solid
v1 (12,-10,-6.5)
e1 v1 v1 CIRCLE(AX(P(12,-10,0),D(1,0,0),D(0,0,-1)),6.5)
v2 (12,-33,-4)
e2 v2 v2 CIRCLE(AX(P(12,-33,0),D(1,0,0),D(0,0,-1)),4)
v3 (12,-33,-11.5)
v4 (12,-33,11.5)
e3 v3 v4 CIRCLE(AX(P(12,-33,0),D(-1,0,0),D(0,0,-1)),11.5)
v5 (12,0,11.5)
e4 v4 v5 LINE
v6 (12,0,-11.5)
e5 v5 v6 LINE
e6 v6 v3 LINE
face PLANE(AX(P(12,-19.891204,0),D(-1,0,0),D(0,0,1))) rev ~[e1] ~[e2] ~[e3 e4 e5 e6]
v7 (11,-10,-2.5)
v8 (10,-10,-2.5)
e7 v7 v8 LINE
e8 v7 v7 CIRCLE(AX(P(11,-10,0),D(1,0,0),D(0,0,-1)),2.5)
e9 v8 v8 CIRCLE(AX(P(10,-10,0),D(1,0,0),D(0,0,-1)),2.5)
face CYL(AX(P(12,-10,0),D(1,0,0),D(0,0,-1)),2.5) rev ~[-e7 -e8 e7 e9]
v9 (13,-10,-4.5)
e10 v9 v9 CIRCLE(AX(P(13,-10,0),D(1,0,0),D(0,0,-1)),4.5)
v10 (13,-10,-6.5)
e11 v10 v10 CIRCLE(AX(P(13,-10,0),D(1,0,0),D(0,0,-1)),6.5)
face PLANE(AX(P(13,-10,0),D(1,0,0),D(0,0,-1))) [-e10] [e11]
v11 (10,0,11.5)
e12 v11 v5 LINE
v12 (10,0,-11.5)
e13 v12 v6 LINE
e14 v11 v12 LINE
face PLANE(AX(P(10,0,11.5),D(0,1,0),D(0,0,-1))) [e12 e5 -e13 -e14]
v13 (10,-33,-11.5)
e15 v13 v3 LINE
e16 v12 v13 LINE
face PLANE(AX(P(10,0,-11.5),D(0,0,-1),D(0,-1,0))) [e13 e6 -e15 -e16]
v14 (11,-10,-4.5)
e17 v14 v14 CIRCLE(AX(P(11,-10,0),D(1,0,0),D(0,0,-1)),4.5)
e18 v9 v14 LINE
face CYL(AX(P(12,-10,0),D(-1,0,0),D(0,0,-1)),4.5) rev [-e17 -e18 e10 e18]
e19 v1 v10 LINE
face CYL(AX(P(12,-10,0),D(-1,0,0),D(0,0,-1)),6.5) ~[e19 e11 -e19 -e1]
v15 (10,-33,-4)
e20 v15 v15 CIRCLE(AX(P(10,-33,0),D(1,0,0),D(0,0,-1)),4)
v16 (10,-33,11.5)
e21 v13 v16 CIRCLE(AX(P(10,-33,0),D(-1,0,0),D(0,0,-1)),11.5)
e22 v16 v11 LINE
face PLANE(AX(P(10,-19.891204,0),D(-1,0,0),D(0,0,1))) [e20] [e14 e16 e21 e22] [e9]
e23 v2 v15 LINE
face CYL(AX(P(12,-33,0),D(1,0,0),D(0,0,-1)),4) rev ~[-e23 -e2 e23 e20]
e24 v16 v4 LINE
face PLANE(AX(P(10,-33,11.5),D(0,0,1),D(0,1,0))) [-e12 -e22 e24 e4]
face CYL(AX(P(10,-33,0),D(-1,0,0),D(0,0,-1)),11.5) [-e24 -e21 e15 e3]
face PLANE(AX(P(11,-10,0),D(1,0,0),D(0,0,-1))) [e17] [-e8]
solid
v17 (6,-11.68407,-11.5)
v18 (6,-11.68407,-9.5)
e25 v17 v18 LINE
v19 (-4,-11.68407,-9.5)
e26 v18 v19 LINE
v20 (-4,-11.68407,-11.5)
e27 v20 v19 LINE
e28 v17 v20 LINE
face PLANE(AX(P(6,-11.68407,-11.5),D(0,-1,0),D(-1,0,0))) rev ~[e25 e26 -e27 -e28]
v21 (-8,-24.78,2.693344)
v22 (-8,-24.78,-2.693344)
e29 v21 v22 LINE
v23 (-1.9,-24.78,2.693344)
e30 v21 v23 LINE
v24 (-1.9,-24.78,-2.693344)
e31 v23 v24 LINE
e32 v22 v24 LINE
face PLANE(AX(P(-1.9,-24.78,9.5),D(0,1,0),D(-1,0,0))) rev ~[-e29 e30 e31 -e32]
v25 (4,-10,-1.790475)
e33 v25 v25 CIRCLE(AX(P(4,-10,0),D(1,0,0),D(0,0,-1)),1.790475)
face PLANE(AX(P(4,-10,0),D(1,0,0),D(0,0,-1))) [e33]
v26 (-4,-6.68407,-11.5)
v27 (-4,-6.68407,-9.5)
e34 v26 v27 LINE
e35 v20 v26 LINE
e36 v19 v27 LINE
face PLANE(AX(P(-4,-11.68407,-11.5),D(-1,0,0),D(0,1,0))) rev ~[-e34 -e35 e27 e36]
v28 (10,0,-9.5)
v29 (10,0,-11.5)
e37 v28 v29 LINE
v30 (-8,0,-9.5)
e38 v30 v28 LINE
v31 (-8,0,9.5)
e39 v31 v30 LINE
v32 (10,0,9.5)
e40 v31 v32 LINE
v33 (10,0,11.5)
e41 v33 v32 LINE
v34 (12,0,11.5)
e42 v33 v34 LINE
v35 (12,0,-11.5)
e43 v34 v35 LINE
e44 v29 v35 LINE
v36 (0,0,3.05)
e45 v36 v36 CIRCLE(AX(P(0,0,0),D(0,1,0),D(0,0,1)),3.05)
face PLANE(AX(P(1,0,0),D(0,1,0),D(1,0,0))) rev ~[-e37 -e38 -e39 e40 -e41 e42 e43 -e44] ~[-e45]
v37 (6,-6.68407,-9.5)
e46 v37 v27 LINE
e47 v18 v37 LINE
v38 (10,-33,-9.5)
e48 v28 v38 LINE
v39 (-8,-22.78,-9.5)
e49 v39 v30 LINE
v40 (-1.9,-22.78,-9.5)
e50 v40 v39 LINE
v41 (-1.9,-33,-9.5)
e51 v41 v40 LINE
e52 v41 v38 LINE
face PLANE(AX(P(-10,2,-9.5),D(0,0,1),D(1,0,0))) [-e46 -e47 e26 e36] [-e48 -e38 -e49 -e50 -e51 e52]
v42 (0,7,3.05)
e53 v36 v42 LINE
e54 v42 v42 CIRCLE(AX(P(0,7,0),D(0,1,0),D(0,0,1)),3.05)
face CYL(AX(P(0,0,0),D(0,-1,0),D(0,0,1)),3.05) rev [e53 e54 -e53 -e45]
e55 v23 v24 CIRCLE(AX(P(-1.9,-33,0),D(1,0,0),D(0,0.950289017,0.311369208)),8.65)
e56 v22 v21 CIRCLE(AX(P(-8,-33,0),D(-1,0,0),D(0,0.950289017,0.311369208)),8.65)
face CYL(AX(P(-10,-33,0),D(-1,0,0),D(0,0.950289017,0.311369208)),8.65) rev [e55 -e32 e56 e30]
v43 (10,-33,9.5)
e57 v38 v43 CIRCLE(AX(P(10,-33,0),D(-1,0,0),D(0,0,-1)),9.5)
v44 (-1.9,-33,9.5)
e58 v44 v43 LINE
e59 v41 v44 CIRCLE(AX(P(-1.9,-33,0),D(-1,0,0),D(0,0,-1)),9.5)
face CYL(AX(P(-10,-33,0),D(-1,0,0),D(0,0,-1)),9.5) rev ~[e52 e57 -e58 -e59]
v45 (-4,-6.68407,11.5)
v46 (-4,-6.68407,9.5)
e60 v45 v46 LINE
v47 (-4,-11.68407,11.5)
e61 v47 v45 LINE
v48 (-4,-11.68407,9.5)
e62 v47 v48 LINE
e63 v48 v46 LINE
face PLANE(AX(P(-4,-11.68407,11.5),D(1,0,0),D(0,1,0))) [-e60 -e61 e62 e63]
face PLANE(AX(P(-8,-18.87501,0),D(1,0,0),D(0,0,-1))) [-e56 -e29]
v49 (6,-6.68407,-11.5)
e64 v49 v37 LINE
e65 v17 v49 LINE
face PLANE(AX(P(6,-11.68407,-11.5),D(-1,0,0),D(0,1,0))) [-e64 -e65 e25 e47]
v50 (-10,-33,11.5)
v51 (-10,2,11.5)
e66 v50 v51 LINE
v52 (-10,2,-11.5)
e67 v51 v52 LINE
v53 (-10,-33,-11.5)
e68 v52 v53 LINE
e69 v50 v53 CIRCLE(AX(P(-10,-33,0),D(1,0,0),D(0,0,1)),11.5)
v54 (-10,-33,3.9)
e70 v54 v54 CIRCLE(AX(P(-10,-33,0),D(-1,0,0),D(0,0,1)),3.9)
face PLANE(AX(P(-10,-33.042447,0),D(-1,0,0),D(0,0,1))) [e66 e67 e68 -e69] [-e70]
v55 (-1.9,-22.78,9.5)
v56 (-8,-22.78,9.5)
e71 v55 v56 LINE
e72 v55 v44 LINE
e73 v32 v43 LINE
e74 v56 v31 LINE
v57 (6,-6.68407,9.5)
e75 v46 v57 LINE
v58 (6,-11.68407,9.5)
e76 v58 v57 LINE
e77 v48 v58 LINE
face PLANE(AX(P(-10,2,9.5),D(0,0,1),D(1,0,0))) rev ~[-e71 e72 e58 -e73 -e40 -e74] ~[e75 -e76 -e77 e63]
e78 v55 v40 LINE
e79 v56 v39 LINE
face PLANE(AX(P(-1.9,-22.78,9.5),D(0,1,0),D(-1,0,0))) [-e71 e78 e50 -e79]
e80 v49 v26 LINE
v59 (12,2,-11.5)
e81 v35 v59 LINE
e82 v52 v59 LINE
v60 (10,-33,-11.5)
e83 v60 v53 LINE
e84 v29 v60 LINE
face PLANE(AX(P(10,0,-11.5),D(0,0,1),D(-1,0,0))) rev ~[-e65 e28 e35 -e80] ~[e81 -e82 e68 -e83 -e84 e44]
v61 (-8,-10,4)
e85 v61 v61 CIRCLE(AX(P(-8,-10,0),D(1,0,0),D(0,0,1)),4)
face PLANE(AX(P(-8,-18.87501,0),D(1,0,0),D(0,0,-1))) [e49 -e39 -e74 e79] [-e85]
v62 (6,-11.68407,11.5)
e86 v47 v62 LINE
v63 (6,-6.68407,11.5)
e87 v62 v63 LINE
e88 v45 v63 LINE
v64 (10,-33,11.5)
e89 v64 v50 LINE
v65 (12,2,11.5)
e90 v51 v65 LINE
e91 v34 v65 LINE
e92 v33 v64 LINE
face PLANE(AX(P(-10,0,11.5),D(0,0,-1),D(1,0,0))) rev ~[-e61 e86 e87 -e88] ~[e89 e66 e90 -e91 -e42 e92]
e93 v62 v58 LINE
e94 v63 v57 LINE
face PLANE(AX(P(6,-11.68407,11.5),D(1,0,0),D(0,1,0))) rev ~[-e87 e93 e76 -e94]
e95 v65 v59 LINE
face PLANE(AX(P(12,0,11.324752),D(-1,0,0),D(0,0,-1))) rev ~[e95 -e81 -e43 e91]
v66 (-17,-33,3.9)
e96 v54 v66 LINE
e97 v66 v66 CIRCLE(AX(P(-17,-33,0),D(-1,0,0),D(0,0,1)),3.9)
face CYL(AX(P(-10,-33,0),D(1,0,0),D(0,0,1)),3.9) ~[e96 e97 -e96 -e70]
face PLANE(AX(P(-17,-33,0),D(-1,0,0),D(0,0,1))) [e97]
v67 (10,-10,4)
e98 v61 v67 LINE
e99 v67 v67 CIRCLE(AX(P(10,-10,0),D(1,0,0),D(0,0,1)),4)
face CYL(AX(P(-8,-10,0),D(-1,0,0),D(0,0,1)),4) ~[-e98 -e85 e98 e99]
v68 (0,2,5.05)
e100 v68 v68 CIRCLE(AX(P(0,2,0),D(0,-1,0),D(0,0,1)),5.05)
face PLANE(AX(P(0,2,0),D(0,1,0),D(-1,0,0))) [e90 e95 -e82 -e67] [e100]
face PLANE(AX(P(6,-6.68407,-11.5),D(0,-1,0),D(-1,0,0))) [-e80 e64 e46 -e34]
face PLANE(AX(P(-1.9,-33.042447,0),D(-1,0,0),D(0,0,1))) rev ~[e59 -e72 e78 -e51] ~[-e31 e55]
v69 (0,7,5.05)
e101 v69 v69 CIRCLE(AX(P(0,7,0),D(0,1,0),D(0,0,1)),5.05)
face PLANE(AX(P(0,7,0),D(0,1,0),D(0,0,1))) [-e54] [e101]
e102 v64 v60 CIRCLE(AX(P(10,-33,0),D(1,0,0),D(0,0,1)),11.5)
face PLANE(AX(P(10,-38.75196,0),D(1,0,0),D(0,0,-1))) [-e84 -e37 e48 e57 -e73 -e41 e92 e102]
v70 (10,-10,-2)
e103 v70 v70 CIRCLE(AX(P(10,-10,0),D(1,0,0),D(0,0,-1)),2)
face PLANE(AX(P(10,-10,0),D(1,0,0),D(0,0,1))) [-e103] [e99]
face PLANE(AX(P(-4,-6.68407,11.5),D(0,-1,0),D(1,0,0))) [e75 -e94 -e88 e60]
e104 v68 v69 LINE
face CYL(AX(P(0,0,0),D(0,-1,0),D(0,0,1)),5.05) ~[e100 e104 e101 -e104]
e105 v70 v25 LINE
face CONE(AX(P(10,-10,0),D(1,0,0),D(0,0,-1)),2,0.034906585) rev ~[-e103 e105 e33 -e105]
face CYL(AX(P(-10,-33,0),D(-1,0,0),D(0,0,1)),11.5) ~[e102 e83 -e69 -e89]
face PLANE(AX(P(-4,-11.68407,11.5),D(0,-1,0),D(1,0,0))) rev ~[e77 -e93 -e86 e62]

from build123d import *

# Parameters (mm, degrees)
SKETCH1_R            = 5.05
SKETCH1_R_2          = 3.05
BOSS_EXTRUDE1_DEPTH  = 7
SKETCH2_R            = 3.05
BOSS_EXTRUDE2_DEPTH  = 2
SKETCH3_W            = 20
SKETCH3_H            = 2
BOSS_EXTRUDE3_DEPTH  = 35
BOSS_EXTRUDE4_DEPTH  = 20
SKETCH5_W            = 8.1
SKETCH5_H            = 2
BOSS_EXTRUDE5_DEPTH  = 19
BOSS_EXTRUDE6_DEPTH  = 8.1
BOSS_EXTRUDE7_DEPTH  = 2
SKETCH8_R            = 3.9
BOSS_EXTRUDE8_DEPTH  = 7
SKETCH9_R            = 4
BOSS_EXTRUDE9_DEPTH  = 18
SKETCH10_R           = 2
CUT_EXTRUDE1_DEPTH   = 6
CUT_EXTRUDE1_DRAFT   = -2
BOSS_EXTRUDE10_DEPTH = 2
CUT_EXTRUDE2_DEPTH   = 2
BOSS_EXTRUDE11_START = -2
SKETCH13_W           = 22
SKETCH13_H           = 23
SKETCH13_R           = 5.05
BOSS_EXTRUDE11_DEPTH = 2
SKETCH14_R           = 2.5
CUT_EXTRUDE3_DEPTH   = 2
SKETCH15_R           = 4.5
SKETCH15_R_2         = 2.5
CUT_EXTRUDE4_DEPTH   = 1
SKETCH16_R           = 6.5
SKETCH16_R_2         = 4.5
BOSS_EXTRUDE12_DEPTH = 1
SKETCH18_R           = 4
CUT_EXTRUDE6_DEPTH   = 2
SKETCH19_W           = 10
SKETCH19_H           = 5
CUT_EXTRUDE7_DEPTH   = 2
SKETCH20_W           = 10
SKETCH20_H           = 5
CUT_EXTRUDE8_DEPTH   = 2
SKETCH21_R           = 2
BOSS_EXTRUDE13_DEPTH = 2


with BuildPart() as part:
    # Sketch1 → Boss-Extrude1 (new body)
    with BuildSketch(Plane(origin=(0, 0, 0), x_dir=(1, 0, 0), z_dir=(0, 1, 0))):
        with Locations(Location((0, 0, 0), (0, 0, 270))):
            Circle(SKETCH1_R)
        with Locations(Location((0, 0, 0), (0, 0, 270))):
            Circle(SKETCH1_R_2, mode=Mode.SUBTRACT)
    extrude(amount=BOSS_EXTRUDE1_DEPTH)

    # Sketch2 → Boss-Extrude2 (add)
    with BuildSketch(Plane.XZ):
        with BuildLine():
            Line((-10, 11.5), (10, 11.5))
            ThreePointArc((10, 11.5), (21.5, 0), (10, -11.5))
            Line((10, -11.5), (-10, -11.5))
            ThreePointArc((-10, -11.5), (-21.5, 0), (-10, 11.5))
        make_face()
        with Locations(Location((0, 0, 0), (0, 0, 90))):
            Circle(SKETCH2_R, mode=Mode.SUBTRACT)
    extrude(amount=-BOSS_EXTRUDE2_DEPTH)

    # Sketch3 → Boss-Extrude3 (add)
    with BuildSketch(Plane(origin=(0, 2, 0), x_dir=(1, 0, 0), z_dir=(0, 1, 0))):
        with Locations((0, 10.5)):
            Rectangle(SKETCH3_W, SKETCH3_H)
        with Locations((0, -10.5)):
            Rectangle(SKETCH3_W, SKETCH3_H)
    extrude(amount=-BOSS_EXTRUDE3_DEPTH)

    # Sketch4 → Boss-Extrude4 (add)
    with BuildSketch(Plane.ZY.offset(10)):
        with BuildLine():
            Line((-11.5, -33), (-9.5, -33))
            ThreePointArc((-9.5, -33), (0, -42.5), (9.5, -33))
            Line((9.5, -33), (11.5, -33))
            ThreePointArc((11.5, -33), (0, -44.5), (-11.5, -33))
        make_face()
    extrude(amount=-BOSS_EXTRUDE4_DEPTH)

    # Sketch5 → Boss-Extrude5 (add)
    with BuildSketch(Plane(origin=(0, 0, 9.5), x_dir=(-1, 0, 0), z_dir=(0, 0, -1))):
        with Locations((5.95, -23.78)):
            Rectangle(SKETCH5_W, SKETCH5_H)
    extrude(amount=BOSS_EXTRUDE5_DEPTH)

    # Sketch6 → Boss-Extrude6 (add)
    with BuildSketch(Plane.ZY.offset(10)):
        with BuildLine():
            Line((9.5, -24.78), (2.693343647, -24.78))
            ThreePointArc((2.693343647, -24.78), (0, -41.65), (-2.693343647, -24.78))
            Line((-2.693343647, -24.78), (-9.5, -24.78))
            Line((-9.5, -24.78), (-9.5, -33))
            ThreePointArc((-9.5, -33), (0, -42.5), (9.5, -33))
            Line((9.5, -33), (9.5, -24.78))
        make_face()
    extrude(amount=-BOSS_EXTRUDE6_DEPTH)

    # Sketch7 → Boss-Extrude7 (add)
    with BuildSketch(Plane.ZY.offset(10)):
        with BuildLine():
            Line((-11.5, 2), (11.5, 2))
            Line((11.5, 2), (11.5, -33))
            ThreePointArc((11.5, -33), (0, -44.5), (-11.5, -33))
            Line((-11.5, -33), (-11.5, 2))
        make_face()
    extrude(amount=-BOSS_EXTRUDE7_DEPTH)

    # Sketch8 → Boss-Extrude8 (add)
    with BuildSketch(Plane.ZY.offset(10)):
        with Locations((0, -33)):
            Circle(SKETCH8_R)
    extrude(amount=BOSS_EXTRUDE8_DEPTH)

    # Sketch9 → Boss-Extrude9 (add)
    with BuildSketch(Plane(origin=(-8, 0, 0), x_dir=(0, 0, -1), z_dir=(1, 0, 0))):
        with Locations(Location((0, -10, 0), (0, 0, 180))):
            Circle(SKETCH9_R)
    extrude(amount=BOSS_EXTRUDE9_DEPTH)


with BuildPart() as cut_extrude1_tool:
    # Sketch10 → Cut-Extrude1 (with draft: the straight prism first)
    with BuildSketch(Plane(origin=(10, 0, 0), x_dir=(0, 0, -1), z_dir=(1, 0, 0))):
        with Locations((0, -10)):
            Circle(SKETCH10_R)
    extrude(amount=-CUT_EXTRUDE1_DEPTH)
    # Cut-Extrude1: the draft: its side faces are tilted about the plane it starts from
    cut_extrude1_sides = [cut_extrude1_tool.faces().sort_by_distance(p)[0] for p in [
        (7, -10, 2),
    ]]
    draft(cut_extrude1_sides, Plane(origin=(10, 0, 0), x_dir=(0, 0, -1), z_dir=(1, 0, 0)), CUT_EXTRUDE1_DRAFT)


with BuildPart() as part_1:
    add(part.part)

    # Cut-Extrude1: cut by cut_extrude1_tool
    add(cut_extrude1_tool.part, mode=Mode.SUBTRACT)

    # Sketch12 → Cut-Extrude2 (cut)
    with BuildSketch(Plane.XZ):
        with BuildLine():
            Line((-10, 11.5), (-10, -11.5))
            ThreePointArc((-10, -11.5), (-21.5, 0), (-10, 11.5))
        make_face()
        with BuildLine():
            Line((12, 11.324751653), (12, -11.324751653))
            ThreePointArc((12, -11.324751653), (21.5, 0), (12, 11.324751653))
        make_face()
    extrude(amount=-CUT_EXTRUDE2_DEPTH, mode=Mode.SUBTRACT)

    # Sketch13 → Boss-Extrude11 (add)
    with BuildSketch(Plane(origin=(0, 2, 0), x_dir=(1, 0, 0), z_dir=(0, 1, 0)).offset(BOSS_EXTRUDE11_START)):
        with Locations((1, 0)):
            Rectangle(SKETCH13_W, SKETCH13_H)
        with Locations(Location((0, 0, 0), (0, 0, 90))):
            Circle(SKETCH13_R, mode=Mode.SUBTRACT)
    extrude(amount=BOSS_EXTRUDE11_DEPTH)

    # Sketch19 → Cut-Extrude7 (cut)
    with BuildSketch(Plane(origin=(0, 0, -11.5), x_dir=(-1, 0, 0), z_dir=(0, 0, -1))):
        with Locations((-1, -9.184069539)):
            Rectangle(SKETCH19_W, SKETCH19_H)
    extrude(amount=-CUT_EXTRUDE7_DEPTH, mode=Mode.SUBTRACT)

    # Sketch20 → Cut-Extrude8 (cut)
    with BuildSketch(Plane.XY.offset(11.5)):
        with Locations((1, -9.184069539)):
            Rectangle(SKETCH20_W, SKETCH20_H)
    extrude(amount=-CUT_EXTRUDE8_DEPTH, mode=Mode.SUBTRACT)


with BuildPart() as body_2:
    # Sketch11 → Boss-Extrude10 (new body)
    with BuildSketch(Plane(origin=(10, 0, 0), x_dir=(0, 0, -1), z_dir=(1, 0, 0))):
        with BuildLine():
            Line((-11.5, 0), (11.5, 0))
            Line((11.5, 0), (11.5, -33))
            ThreePointArc((11.5, -33), (0, -44.5), (-11.5, -33))
            Line((-11.5, -33), (-11.5, 0))
        make_face()
    extrude(amount=BOSS_EXTRUDE10_DEPTH)

    # Sketch14 → Cut-Extrude3 (cut)
    with BuildSketch(Plane(origin=(12, 0, 0), x_dir=(0, 0, -1), z_dir=(1, 0, 0))):
        with Locations((0, -10)):
            Circle(SKETCH14_R)
    extrude(amount=-CUT_EXTRUDE3_DEPTH, mode=Mode.SUBTRACT)

    # Sketch15 → Cut-Extrude4 (cut)
    with BuildSketch(Plane(origin=(12, 0, 0), x_dir=(0, 0, -1), z_dir=(1, 0, 0))):
        with Locations((0, -10)):
            Circle(SKETCH15_R)
        with Locations((0, -10)):
            Circle(SKETCH15_R_2, mode=Mode.SUBTRACT)
    extrude(amount=-CUT_EXTRUDE4_DEPTH, mode=Mode.SUBTRACT)

    # Sketch16 → Boss-Extrude12 (add)
    with BuildSketch(Plane(origin=(12, 0, 0), x_dir=(0, 0, -1), z_dir=(1, 0, 0))):
        with Locations((0, -10)):
            Circle(SKETCH16_R)
        with Locations((0, -10)):
            Circle(SKETCH16_R_2, mode=Mode.SUBTRACT)
    extrude(amount=BOSS_EXTRUDE12_DEPTH)

    # Sketch18 → Cut-Extrude6 (cut)
    with BuildSketch(Plane(origin=(12, 0, 0), x_dir=(0, 0, -1), z_dir=(1, 0, 0))):
        with Locations((0, -33)):
            Circle(SKETCH18_R)
    extrude(amount=-CUT_EXTRUDE6_DEPTH, mode=Mode.SUBTRACT)


with BuildPart() as body_3:
    # Sketch21 → Boss-Extrude13 (new body)
    with BuildSketch(Plane(origin=(10, 0, 0), x_dir=(0, 0, -1), z_dir=(1, 0, 0))):
        with BuildLine():
            Line((-11.5, 0), (11.5, 0))
            Line((11.5, 0), (11.5, -33))
            ThreePointArc((11.5, -33), (0, -44.5), (-11.5, -33))
            Line((-11.5, -33), (-11.5, 0))
        make_face()
        with Locations((0, -10)):
            Circle(SKETCH21_R, mode=Mode.SUBTRACT)
    extrude(amount=BOSS_EXTRUDE13_DEPTH)


solid = Compound([part_1.part, body_2.part])
